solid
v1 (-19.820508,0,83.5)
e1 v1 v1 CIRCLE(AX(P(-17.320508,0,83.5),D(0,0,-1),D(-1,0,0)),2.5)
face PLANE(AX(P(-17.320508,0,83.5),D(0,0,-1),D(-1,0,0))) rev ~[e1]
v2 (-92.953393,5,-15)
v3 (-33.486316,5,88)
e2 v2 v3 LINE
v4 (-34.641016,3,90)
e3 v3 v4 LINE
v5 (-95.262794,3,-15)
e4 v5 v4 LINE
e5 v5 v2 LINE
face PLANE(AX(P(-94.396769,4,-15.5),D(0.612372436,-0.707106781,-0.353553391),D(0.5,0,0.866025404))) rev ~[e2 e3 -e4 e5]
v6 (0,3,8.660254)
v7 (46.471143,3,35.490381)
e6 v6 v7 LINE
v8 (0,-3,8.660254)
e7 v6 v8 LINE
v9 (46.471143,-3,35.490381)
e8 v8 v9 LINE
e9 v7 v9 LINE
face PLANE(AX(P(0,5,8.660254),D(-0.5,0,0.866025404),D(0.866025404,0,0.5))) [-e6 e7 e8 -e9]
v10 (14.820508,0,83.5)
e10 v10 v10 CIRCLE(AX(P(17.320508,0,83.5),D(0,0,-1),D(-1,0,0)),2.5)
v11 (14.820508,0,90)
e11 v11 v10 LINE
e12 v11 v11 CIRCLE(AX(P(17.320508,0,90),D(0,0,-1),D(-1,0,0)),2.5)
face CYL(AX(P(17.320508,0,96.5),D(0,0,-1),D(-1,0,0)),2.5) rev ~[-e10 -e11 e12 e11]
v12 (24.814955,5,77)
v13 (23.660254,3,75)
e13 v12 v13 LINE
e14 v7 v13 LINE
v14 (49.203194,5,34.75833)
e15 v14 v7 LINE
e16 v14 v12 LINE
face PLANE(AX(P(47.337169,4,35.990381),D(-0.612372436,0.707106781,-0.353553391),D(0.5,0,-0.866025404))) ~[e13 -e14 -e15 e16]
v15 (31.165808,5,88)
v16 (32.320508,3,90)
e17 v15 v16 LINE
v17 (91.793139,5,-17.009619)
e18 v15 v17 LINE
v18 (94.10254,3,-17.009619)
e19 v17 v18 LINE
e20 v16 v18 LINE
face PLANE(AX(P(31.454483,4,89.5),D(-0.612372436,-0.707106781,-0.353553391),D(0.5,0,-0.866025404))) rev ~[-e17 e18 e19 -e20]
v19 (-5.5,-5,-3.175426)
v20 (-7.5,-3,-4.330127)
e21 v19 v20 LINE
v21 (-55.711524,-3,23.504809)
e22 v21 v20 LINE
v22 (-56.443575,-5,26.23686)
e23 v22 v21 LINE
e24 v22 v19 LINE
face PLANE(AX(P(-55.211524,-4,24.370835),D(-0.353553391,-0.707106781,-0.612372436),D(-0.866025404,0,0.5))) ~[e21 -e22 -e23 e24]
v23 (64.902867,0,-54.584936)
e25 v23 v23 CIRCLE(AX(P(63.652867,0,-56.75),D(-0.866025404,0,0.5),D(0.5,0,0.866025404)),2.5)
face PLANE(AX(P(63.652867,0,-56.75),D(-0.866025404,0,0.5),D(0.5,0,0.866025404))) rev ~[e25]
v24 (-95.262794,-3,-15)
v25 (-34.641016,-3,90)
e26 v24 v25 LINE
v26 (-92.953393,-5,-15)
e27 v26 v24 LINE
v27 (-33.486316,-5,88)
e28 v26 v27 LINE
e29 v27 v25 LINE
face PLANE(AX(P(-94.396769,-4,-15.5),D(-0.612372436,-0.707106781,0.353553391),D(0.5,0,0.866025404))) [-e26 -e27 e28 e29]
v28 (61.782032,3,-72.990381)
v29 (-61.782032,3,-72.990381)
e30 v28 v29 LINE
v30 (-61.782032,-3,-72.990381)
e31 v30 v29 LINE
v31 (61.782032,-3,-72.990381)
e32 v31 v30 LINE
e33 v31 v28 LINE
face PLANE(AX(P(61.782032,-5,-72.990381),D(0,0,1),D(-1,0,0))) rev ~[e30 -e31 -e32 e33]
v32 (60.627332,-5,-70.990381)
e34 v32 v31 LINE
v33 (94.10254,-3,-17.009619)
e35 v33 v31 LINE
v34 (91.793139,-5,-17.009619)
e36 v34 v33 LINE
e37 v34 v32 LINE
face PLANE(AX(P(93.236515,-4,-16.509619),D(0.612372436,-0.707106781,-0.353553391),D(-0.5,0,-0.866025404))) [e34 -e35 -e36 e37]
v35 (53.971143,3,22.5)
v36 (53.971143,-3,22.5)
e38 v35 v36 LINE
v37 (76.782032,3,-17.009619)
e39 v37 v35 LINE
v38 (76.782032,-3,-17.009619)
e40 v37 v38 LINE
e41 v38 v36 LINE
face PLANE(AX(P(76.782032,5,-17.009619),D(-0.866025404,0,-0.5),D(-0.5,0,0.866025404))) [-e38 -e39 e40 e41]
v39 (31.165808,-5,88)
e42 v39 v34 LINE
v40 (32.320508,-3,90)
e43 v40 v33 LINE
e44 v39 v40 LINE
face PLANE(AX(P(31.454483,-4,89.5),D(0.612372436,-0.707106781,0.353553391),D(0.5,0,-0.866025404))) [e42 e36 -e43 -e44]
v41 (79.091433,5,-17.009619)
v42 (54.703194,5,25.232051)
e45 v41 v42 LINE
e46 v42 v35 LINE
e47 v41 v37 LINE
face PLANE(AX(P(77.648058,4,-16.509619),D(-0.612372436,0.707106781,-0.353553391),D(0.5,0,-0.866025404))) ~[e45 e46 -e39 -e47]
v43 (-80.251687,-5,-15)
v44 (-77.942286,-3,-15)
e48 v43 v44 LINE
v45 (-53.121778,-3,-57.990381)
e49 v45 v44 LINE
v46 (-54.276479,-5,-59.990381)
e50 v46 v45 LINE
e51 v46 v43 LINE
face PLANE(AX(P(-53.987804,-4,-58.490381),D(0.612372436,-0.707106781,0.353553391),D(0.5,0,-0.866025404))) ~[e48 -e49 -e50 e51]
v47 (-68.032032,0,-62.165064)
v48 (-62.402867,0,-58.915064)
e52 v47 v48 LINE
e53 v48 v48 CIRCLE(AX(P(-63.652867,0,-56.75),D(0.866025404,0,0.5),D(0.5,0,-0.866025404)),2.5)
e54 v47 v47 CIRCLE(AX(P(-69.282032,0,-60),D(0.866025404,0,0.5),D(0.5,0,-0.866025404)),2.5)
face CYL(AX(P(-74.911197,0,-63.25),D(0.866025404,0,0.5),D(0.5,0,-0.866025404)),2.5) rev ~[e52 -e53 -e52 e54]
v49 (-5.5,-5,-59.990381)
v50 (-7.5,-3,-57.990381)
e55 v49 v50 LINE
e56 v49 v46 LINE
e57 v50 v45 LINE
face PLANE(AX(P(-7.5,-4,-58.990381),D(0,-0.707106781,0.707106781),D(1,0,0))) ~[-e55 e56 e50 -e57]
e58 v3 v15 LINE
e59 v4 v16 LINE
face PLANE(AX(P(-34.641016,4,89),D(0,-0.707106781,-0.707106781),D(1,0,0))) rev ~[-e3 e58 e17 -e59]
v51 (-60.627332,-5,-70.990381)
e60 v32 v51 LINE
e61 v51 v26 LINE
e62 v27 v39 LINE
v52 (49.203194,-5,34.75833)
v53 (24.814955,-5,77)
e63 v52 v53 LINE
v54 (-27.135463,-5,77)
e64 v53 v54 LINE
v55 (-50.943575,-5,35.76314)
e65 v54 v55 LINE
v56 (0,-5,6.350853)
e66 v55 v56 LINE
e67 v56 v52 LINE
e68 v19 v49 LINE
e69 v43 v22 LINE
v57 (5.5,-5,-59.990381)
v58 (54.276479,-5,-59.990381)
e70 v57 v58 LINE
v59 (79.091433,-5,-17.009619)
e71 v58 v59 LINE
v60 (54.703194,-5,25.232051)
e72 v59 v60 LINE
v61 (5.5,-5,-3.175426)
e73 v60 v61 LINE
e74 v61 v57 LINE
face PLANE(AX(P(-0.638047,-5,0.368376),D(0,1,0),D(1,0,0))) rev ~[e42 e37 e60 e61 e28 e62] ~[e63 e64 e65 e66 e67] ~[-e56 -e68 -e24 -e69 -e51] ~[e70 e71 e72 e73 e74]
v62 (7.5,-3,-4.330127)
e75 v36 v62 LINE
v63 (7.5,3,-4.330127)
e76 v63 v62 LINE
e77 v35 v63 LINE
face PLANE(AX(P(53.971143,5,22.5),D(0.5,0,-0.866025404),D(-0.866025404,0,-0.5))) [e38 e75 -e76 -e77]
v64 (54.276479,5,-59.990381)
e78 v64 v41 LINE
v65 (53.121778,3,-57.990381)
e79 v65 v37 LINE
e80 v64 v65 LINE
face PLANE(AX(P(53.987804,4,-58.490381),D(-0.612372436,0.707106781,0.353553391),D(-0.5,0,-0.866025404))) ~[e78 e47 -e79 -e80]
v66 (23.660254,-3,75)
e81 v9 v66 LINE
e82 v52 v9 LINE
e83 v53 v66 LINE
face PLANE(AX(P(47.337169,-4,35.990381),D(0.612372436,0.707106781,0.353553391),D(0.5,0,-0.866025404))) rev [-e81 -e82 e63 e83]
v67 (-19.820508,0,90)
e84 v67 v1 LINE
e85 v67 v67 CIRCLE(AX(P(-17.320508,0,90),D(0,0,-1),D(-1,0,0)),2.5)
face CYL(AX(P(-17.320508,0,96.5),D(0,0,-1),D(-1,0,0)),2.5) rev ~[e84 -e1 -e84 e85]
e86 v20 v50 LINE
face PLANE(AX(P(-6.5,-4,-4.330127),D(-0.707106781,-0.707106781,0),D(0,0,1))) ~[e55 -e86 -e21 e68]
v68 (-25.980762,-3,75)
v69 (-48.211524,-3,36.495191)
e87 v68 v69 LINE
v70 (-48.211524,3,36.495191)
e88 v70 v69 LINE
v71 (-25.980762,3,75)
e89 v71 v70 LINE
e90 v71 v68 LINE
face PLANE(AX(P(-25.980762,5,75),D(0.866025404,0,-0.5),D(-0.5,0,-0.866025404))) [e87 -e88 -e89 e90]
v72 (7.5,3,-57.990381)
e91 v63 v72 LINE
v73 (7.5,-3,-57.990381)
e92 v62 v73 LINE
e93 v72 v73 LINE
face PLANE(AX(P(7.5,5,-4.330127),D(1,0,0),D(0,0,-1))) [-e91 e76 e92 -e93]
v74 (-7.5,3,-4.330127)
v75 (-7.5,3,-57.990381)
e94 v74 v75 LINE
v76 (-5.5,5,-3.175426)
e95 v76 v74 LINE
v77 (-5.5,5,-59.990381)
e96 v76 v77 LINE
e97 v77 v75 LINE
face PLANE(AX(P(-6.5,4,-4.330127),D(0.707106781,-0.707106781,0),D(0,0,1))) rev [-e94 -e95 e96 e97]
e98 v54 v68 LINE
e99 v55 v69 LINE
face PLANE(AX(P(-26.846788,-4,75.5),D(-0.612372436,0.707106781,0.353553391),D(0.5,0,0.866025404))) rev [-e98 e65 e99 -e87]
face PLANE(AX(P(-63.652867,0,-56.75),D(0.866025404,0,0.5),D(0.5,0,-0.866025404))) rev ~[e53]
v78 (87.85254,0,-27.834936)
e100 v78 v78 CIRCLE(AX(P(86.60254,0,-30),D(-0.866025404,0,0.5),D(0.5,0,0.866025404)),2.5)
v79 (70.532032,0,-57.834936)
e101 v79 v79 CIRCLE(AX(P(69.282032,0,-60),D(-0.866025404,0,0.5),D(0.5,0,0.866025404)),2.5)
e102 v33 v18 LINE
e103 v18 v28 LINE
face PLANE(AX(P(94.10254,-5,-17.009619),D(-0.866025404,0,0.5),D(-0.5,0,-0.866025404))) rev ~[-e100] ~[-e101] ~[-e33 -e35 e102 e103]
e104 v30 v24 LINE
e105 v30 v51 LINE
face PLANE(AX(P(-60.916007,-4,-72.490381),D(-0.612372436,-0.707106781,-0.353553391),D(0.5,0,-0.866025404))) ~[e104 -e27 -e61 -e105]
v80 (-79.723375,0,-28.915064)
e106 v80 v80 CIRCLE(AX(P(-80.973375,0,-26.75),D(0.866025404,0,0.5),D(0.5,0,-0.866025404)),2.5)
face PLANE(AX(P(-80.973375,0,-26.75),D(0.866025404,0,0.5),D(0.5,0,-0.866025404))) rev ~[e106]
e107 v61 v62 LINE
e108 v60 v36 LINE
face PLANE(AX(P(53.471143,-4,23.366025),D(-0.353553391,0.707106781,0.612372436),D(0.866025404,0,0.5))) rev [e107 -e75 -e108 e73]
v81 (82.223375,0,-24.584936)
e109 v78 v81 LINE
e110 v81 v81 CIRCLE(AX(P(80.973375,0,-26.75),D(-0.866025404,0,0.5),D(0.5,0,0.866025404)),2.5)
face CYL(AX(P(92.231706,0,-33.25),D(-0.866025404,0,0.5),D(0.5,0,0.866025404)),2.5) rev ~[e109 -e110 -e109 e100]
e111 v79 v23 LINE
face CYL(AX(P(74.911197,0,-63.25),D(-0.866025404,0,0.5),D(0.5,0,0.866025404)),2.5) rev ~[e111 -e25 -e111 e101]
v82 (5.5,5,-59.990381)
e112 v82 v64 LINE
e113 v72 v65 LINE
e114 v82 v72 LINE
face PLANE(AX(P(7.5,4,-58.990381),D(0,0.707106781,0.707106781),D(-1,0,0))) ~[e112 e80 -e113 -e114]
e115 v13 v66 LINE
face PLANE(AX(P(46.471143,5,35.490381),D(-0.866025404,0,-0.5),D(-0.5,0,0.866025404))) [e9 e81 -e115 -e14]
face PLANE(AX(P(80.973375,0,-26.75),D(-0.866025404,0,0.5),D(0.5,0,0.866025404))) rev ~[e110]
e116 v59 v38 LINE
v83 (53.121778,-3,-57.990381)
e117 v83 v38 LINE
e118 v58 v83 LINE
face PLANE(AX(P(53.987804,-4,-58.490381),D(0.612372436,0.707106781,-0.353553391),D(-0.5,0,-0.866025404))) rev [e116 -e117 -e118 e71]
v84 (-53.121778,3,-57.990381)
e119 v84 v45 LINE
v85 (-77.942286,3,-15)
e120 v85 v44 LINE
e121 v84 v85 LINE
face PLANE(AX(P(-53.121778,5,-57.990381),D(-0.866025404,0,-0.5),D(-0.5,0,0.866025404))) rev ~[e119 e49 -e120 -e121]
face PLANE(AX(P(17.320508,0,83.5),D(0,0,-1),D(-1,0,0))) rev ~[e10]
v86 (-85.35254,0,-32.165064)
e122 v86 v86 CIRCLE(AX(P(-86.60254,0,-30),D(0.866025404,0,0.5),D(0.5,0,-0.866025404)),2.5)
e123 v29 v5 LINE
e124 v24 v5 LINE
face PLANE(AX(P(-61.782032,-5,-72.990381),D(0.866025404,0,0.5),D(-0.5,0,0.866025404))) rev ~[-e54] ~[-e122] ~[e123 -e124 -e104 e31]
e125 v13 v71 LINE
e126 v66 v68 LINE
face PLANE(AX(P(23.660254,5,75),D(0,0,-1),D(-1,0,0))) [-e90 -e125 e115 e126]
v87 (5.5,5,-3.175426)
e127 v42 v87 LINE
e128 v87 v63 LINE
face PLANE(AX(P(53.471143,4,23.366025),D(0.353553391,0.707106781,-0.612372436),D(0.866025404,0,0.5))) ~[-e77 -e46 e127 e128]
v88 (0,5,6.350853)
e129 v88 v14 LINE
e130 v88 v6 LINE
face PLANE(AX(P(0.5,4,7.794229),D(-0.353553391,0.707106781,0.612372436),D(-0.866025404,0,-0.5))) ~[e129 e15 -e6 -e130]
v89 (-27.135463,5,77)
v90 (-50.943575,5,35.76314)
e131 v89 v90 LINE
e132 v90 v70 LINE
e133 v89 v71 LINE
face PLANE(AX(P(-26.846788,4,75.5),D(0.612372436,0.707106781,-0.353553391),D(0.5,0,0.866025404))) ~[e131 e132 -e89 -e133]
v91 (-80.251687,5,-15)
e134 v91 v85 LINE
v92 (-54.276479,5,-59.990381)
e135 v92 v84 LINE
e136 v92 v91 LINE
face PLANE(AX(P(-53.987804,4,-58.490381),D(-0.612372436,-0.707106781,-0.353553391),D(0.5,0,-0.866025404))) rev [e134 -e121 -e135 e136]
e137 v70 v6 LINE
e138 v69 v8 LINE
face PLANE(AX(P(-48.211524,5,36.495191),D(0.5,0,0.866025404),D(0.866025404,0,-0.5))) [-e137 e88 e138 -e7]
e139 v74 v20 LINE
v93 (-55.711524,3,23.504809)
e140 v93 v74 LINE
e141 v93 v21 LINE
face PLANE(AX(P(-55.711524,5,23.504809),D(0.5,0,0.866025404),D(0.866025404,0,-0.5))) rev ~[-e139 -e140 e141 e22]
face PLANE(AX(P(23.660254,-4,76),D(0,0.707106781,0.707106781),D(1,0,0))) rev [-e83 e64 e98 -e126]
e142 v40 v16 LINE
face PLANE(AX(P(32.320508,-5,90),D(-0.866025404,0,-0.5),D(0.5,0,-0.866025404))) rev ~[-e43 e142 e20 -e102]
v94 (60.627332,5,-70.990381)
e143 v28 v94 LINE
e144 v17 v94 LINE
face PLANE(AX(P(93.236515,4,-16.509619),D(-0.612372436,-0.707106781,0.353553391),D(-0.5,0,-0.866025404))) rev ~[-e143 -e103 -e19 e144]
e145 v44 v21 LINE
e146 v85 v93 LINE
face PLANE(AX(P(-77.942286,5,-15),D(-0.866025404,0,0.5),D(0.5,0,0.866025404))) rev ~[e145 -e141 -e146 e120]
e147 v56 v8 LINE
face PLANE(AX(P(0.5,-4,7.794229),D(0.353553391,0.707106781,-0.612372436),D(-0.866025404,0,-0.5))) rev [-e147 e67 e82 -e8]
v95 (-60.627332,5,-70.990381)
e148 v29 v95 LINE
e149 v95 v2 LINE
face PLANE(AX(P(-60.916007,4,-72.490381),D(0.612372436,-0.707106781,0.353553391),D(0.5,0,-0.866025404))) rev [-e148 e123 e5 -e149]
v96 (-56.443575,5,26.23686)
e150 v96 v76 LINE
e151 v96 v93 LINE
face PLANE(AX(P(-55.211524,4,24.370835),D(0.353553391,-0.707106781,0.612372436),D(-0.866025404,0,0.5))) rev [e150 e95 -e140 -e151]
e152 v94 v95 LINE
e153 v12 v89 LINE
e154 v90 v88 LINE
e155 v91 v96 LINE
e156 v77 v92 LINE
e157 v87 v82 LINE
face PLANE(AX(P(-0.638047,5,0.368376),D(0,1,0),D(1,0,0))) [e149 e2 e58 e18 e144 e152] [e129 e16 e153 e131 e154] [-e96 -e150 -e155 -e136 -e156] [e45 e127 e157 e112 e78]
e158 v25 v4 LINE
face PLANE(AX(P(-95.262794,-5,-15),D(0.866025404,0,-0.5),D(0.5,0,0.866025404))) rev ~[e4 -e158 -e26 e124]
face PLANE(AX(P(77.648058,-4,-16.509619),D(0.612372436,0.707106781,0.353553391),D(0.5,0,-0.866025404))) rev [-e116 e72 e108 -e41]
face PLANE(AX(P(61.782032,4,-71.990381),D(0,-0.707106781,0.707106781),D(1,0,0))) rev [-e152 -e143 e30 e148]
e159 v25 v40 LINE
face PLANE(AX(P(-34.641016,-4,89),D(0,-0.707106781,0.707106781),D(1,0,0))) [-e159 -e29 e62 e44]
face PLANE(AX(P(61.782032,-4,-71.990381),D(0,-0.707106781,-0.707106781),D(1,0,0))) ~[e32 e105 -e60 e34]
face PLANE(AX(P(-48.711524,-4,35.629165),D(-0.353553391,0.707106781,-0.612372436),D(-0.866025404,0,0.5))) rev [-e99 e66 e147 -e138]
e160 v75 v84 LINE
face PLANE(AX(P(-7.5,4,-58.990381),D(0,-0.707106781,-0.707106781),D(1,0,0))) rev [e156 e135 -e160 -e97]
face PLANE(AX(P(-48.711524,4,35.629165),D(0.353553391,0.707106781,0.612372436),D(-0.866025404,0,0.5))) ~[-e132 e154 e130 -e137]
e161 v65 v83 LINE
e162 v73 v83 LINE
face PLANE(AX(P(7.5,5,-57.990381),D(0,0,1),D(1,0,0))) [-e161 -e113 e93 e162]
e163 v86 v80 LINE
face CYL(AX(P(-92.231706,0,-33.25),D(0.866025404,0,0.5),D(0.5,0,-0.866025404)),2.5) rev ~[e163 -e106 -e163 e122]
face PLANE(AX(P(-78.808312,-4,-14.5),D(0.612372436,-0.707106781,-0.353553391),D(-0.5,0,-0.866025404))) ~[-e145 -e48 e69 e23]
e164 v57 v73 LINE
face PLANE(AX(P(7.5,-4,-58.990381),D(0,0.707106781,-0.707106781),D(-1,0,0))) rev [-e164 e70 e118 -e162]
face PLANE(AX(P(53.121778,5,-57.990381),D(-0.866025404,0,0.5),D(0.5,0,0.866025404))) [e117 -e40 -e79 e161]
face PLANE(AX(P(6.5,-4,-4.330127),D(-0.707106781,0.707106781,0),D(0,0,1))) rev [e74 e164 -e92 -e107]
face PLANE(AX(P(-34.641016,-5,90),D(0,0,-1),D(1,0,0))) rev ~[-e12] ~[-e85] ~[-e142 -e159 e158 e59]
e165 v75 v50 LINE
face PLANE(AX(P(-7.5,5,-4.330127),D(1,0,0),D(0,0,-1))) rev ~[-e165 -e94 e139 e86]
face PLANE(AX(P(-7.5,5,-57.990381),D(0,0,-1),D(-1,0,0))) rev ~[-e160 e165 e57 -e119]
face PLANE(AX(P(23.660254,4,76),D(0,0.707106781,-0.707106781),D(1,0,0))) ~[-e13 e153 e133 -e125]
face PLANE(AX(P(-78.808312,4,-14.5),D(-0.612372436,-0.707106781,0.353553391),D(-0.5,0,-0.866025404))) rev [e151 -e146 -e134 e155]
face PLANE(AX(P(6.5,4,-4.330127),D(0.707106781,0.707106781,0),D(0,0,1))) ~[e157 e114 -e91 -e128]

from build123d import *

# Parameters (mm, degrees)
BOSS_EXTRUDE1_DEPTH        = 5
BOSS_EXTRUDE1_DEPTH_BACK   = 5
M3X6X5_INSERT_HOLES1_D     = 5
M3X6X5_INSERT_HOLES1_DEPTH = 6.5
M3X6X5_INSERT_HOLES2_D     = 5
M3X6X5_INSERT_HOLES2_DEPTH = 6.5
M3X6X5_INSERT_HOLES3_D     = 5
M3X6X5_INSERT_HOLES3_DEPTH = 6.5
CUT_EXTRUDE3_DEPTH         = 132.434394281
CHAMFER3_SIZE              = 2


with BuildPart() as part:
    # Sketch1 → Boss-Extrude1 (new, two sides: drawn at the far end of the back side and taken through both)
    with BuildSketch(Plane(origin=(0, 0, 0), x_dir=(1, 0, 0), z_dir=(0, 1, 0)).offset(-BOSS_EXTRUDE1_DEPTH_BACK)):
        Polygon((-61.782032303, 72.990381057), (-95.262794416, 15), (-34.641016151, -90), (32.320508076, -90), (94.102540378, 17.009618943), (61.782032303, 72.990381057), align=None)
    extrude(amount=BOSS_EXTRUDE1_DEPTH + BOSS_EXTRUDE1_DEPTH_BACK)

    # M3x6x5 Insert Holes1
    with Locations(Plane.XY.offset(90)):
        with Locations((-17.320508076, 0), (17.320508076, 0)):
            Hole(M3X6X5_INSERT_HOLES1_D / 2, depth=M3X6X5_INSERT_HOLES1_DEPTH)

    # M3x6x5 Insert Holes2
    with Locations(Plane(origin=(77.942286341, 0, -45), x_dir=(-0.5000000000000001, 0, -0.8660254037844386), z_dir=(0.8660254037844386, 0, -0.5000000000000001))):
        with Locations((-17.320508076, 0), (17.320508076, 0)):
            Hole(M3X6X5_INSERT_HOLES2_D / 2, depth=M3X6X5_INSERT_HOLES2_DEPTH)

    # M3x6x5 Insert Holes3
    with Locations(Plane(origin=(-77.942286341, 0, -45), x_dir=(-0.5000000000000003, 0, 0.8660254037844386), z_dir=(-0.8660254037844386, 0, -0.5000000000000003))):
        with Locations((-17.320508076, 0), (17.320508076, 0)):
            Hole(M3X6X5_INSERT_HOLES3_D / 2, depth=M3X6X5_INSERT_HOLES3_DEPTH)

    # Sketch10 → Cut-Extrude3 (cut, through all)
    with BuildSketch(Plane(origin=(0, 5, 0), x_dir=(1, 0, 0), z_dir=(0, 1, 0))):
        Polygon((-7.5, 57.990381057), (-53.121778265, 57.990381057), (-77.942286341, 15), (-55.711524227, -23.504809472), (-7.5, 4.330127019), align=None)
        Polygon((7.5, 57.990381057), (53.121778265, 57.990381057), (76.782032303, 17.009618943), (53.97114317, -22.5), (7.5, 4.330127019), align=None)
        Polygon((46.47114317, -35.490381057), (23.660254038, -75), (-25.980762114, -75), (-48.211524227, -36.495190528), (0, -8.660254038), align=None)
    extrude(amount=-CUT_EXTRUDE3_DEPTH, mode=Mode.SUBTRACT)

    # Chamfer3
    chamfer3_edges = [part.edges().sort_by_distance(p)[0] for p in [
        (-64.951905284, -5, 37.5),
        (-1.160254038, -5, 90),
        (0, 5, -72.990381057),
        (-78.52241336, 5, -43.995190528),
        (-64.951905284, 5, 37.5),
        (-1.160254038, 5, 90),
        (63.211524227, 5, 36.495190528),
        (77.942286341, 5, -45),
        (63.211524227, -5, 36.495190528),
        (77.942286341, -5, -45),
        (0, -5, -72.990381057),
        (23.235571585, -5, 22.075317547),
        (35.065698604, -5, 55.245190528),
        (-1.160254038, -5, 75),
        (-37.09614317, -5, 55.747595264),
        (-24.105762114, -5, 22.577722283),
        (23.235571585, 5, 22.075317547),
        (-24.105762114, 5, 22.577722283),
        (-37.09614317, 5, 55.747595264),
        (-1.160254038, 5, 75),
        (35.065698604, 5, 55.245190528),
        (-65.532032303, -5, -36.495190528),
        (-30.310889132, -5, -57.990381057),
        (-7.5, -5, -31.160254038),
        (-31.605762114, -5, 9.587341226),
        (-66.826905284, -5, 4.252404736),
        (-65.532032303, 5, -36.495190528),
        (-66.826905284, 5, 4.252404736),
        (-31.605762114, 5, 9.587341226),
        (-7.5, 5, -31.160254038),
        (-30.310889132, 5, -57.990381057),
        (7.5, -5, -31.160254038),
        (30.310889132, -5, -57.990381057),
        (64.951905284, -5, -37.5),
        (65.376587737, -5, 2.745190528),
        (30.735571585, -5, 9.084936491),
        (7.5, 5, -31.160254038),
        (30.735571585, 5, 9.084936491),
        (65.376587737, 5, 2.745190528),
        (64.951905284, 5, -37.5),
        (30.310889132, 5, -57.990381057),
        (-78.52241336, -5, -43.995190528),
    ]]
    chamfer(chamfer3_edges, length=CHAMFER3_SIZE)


solid = part.part
